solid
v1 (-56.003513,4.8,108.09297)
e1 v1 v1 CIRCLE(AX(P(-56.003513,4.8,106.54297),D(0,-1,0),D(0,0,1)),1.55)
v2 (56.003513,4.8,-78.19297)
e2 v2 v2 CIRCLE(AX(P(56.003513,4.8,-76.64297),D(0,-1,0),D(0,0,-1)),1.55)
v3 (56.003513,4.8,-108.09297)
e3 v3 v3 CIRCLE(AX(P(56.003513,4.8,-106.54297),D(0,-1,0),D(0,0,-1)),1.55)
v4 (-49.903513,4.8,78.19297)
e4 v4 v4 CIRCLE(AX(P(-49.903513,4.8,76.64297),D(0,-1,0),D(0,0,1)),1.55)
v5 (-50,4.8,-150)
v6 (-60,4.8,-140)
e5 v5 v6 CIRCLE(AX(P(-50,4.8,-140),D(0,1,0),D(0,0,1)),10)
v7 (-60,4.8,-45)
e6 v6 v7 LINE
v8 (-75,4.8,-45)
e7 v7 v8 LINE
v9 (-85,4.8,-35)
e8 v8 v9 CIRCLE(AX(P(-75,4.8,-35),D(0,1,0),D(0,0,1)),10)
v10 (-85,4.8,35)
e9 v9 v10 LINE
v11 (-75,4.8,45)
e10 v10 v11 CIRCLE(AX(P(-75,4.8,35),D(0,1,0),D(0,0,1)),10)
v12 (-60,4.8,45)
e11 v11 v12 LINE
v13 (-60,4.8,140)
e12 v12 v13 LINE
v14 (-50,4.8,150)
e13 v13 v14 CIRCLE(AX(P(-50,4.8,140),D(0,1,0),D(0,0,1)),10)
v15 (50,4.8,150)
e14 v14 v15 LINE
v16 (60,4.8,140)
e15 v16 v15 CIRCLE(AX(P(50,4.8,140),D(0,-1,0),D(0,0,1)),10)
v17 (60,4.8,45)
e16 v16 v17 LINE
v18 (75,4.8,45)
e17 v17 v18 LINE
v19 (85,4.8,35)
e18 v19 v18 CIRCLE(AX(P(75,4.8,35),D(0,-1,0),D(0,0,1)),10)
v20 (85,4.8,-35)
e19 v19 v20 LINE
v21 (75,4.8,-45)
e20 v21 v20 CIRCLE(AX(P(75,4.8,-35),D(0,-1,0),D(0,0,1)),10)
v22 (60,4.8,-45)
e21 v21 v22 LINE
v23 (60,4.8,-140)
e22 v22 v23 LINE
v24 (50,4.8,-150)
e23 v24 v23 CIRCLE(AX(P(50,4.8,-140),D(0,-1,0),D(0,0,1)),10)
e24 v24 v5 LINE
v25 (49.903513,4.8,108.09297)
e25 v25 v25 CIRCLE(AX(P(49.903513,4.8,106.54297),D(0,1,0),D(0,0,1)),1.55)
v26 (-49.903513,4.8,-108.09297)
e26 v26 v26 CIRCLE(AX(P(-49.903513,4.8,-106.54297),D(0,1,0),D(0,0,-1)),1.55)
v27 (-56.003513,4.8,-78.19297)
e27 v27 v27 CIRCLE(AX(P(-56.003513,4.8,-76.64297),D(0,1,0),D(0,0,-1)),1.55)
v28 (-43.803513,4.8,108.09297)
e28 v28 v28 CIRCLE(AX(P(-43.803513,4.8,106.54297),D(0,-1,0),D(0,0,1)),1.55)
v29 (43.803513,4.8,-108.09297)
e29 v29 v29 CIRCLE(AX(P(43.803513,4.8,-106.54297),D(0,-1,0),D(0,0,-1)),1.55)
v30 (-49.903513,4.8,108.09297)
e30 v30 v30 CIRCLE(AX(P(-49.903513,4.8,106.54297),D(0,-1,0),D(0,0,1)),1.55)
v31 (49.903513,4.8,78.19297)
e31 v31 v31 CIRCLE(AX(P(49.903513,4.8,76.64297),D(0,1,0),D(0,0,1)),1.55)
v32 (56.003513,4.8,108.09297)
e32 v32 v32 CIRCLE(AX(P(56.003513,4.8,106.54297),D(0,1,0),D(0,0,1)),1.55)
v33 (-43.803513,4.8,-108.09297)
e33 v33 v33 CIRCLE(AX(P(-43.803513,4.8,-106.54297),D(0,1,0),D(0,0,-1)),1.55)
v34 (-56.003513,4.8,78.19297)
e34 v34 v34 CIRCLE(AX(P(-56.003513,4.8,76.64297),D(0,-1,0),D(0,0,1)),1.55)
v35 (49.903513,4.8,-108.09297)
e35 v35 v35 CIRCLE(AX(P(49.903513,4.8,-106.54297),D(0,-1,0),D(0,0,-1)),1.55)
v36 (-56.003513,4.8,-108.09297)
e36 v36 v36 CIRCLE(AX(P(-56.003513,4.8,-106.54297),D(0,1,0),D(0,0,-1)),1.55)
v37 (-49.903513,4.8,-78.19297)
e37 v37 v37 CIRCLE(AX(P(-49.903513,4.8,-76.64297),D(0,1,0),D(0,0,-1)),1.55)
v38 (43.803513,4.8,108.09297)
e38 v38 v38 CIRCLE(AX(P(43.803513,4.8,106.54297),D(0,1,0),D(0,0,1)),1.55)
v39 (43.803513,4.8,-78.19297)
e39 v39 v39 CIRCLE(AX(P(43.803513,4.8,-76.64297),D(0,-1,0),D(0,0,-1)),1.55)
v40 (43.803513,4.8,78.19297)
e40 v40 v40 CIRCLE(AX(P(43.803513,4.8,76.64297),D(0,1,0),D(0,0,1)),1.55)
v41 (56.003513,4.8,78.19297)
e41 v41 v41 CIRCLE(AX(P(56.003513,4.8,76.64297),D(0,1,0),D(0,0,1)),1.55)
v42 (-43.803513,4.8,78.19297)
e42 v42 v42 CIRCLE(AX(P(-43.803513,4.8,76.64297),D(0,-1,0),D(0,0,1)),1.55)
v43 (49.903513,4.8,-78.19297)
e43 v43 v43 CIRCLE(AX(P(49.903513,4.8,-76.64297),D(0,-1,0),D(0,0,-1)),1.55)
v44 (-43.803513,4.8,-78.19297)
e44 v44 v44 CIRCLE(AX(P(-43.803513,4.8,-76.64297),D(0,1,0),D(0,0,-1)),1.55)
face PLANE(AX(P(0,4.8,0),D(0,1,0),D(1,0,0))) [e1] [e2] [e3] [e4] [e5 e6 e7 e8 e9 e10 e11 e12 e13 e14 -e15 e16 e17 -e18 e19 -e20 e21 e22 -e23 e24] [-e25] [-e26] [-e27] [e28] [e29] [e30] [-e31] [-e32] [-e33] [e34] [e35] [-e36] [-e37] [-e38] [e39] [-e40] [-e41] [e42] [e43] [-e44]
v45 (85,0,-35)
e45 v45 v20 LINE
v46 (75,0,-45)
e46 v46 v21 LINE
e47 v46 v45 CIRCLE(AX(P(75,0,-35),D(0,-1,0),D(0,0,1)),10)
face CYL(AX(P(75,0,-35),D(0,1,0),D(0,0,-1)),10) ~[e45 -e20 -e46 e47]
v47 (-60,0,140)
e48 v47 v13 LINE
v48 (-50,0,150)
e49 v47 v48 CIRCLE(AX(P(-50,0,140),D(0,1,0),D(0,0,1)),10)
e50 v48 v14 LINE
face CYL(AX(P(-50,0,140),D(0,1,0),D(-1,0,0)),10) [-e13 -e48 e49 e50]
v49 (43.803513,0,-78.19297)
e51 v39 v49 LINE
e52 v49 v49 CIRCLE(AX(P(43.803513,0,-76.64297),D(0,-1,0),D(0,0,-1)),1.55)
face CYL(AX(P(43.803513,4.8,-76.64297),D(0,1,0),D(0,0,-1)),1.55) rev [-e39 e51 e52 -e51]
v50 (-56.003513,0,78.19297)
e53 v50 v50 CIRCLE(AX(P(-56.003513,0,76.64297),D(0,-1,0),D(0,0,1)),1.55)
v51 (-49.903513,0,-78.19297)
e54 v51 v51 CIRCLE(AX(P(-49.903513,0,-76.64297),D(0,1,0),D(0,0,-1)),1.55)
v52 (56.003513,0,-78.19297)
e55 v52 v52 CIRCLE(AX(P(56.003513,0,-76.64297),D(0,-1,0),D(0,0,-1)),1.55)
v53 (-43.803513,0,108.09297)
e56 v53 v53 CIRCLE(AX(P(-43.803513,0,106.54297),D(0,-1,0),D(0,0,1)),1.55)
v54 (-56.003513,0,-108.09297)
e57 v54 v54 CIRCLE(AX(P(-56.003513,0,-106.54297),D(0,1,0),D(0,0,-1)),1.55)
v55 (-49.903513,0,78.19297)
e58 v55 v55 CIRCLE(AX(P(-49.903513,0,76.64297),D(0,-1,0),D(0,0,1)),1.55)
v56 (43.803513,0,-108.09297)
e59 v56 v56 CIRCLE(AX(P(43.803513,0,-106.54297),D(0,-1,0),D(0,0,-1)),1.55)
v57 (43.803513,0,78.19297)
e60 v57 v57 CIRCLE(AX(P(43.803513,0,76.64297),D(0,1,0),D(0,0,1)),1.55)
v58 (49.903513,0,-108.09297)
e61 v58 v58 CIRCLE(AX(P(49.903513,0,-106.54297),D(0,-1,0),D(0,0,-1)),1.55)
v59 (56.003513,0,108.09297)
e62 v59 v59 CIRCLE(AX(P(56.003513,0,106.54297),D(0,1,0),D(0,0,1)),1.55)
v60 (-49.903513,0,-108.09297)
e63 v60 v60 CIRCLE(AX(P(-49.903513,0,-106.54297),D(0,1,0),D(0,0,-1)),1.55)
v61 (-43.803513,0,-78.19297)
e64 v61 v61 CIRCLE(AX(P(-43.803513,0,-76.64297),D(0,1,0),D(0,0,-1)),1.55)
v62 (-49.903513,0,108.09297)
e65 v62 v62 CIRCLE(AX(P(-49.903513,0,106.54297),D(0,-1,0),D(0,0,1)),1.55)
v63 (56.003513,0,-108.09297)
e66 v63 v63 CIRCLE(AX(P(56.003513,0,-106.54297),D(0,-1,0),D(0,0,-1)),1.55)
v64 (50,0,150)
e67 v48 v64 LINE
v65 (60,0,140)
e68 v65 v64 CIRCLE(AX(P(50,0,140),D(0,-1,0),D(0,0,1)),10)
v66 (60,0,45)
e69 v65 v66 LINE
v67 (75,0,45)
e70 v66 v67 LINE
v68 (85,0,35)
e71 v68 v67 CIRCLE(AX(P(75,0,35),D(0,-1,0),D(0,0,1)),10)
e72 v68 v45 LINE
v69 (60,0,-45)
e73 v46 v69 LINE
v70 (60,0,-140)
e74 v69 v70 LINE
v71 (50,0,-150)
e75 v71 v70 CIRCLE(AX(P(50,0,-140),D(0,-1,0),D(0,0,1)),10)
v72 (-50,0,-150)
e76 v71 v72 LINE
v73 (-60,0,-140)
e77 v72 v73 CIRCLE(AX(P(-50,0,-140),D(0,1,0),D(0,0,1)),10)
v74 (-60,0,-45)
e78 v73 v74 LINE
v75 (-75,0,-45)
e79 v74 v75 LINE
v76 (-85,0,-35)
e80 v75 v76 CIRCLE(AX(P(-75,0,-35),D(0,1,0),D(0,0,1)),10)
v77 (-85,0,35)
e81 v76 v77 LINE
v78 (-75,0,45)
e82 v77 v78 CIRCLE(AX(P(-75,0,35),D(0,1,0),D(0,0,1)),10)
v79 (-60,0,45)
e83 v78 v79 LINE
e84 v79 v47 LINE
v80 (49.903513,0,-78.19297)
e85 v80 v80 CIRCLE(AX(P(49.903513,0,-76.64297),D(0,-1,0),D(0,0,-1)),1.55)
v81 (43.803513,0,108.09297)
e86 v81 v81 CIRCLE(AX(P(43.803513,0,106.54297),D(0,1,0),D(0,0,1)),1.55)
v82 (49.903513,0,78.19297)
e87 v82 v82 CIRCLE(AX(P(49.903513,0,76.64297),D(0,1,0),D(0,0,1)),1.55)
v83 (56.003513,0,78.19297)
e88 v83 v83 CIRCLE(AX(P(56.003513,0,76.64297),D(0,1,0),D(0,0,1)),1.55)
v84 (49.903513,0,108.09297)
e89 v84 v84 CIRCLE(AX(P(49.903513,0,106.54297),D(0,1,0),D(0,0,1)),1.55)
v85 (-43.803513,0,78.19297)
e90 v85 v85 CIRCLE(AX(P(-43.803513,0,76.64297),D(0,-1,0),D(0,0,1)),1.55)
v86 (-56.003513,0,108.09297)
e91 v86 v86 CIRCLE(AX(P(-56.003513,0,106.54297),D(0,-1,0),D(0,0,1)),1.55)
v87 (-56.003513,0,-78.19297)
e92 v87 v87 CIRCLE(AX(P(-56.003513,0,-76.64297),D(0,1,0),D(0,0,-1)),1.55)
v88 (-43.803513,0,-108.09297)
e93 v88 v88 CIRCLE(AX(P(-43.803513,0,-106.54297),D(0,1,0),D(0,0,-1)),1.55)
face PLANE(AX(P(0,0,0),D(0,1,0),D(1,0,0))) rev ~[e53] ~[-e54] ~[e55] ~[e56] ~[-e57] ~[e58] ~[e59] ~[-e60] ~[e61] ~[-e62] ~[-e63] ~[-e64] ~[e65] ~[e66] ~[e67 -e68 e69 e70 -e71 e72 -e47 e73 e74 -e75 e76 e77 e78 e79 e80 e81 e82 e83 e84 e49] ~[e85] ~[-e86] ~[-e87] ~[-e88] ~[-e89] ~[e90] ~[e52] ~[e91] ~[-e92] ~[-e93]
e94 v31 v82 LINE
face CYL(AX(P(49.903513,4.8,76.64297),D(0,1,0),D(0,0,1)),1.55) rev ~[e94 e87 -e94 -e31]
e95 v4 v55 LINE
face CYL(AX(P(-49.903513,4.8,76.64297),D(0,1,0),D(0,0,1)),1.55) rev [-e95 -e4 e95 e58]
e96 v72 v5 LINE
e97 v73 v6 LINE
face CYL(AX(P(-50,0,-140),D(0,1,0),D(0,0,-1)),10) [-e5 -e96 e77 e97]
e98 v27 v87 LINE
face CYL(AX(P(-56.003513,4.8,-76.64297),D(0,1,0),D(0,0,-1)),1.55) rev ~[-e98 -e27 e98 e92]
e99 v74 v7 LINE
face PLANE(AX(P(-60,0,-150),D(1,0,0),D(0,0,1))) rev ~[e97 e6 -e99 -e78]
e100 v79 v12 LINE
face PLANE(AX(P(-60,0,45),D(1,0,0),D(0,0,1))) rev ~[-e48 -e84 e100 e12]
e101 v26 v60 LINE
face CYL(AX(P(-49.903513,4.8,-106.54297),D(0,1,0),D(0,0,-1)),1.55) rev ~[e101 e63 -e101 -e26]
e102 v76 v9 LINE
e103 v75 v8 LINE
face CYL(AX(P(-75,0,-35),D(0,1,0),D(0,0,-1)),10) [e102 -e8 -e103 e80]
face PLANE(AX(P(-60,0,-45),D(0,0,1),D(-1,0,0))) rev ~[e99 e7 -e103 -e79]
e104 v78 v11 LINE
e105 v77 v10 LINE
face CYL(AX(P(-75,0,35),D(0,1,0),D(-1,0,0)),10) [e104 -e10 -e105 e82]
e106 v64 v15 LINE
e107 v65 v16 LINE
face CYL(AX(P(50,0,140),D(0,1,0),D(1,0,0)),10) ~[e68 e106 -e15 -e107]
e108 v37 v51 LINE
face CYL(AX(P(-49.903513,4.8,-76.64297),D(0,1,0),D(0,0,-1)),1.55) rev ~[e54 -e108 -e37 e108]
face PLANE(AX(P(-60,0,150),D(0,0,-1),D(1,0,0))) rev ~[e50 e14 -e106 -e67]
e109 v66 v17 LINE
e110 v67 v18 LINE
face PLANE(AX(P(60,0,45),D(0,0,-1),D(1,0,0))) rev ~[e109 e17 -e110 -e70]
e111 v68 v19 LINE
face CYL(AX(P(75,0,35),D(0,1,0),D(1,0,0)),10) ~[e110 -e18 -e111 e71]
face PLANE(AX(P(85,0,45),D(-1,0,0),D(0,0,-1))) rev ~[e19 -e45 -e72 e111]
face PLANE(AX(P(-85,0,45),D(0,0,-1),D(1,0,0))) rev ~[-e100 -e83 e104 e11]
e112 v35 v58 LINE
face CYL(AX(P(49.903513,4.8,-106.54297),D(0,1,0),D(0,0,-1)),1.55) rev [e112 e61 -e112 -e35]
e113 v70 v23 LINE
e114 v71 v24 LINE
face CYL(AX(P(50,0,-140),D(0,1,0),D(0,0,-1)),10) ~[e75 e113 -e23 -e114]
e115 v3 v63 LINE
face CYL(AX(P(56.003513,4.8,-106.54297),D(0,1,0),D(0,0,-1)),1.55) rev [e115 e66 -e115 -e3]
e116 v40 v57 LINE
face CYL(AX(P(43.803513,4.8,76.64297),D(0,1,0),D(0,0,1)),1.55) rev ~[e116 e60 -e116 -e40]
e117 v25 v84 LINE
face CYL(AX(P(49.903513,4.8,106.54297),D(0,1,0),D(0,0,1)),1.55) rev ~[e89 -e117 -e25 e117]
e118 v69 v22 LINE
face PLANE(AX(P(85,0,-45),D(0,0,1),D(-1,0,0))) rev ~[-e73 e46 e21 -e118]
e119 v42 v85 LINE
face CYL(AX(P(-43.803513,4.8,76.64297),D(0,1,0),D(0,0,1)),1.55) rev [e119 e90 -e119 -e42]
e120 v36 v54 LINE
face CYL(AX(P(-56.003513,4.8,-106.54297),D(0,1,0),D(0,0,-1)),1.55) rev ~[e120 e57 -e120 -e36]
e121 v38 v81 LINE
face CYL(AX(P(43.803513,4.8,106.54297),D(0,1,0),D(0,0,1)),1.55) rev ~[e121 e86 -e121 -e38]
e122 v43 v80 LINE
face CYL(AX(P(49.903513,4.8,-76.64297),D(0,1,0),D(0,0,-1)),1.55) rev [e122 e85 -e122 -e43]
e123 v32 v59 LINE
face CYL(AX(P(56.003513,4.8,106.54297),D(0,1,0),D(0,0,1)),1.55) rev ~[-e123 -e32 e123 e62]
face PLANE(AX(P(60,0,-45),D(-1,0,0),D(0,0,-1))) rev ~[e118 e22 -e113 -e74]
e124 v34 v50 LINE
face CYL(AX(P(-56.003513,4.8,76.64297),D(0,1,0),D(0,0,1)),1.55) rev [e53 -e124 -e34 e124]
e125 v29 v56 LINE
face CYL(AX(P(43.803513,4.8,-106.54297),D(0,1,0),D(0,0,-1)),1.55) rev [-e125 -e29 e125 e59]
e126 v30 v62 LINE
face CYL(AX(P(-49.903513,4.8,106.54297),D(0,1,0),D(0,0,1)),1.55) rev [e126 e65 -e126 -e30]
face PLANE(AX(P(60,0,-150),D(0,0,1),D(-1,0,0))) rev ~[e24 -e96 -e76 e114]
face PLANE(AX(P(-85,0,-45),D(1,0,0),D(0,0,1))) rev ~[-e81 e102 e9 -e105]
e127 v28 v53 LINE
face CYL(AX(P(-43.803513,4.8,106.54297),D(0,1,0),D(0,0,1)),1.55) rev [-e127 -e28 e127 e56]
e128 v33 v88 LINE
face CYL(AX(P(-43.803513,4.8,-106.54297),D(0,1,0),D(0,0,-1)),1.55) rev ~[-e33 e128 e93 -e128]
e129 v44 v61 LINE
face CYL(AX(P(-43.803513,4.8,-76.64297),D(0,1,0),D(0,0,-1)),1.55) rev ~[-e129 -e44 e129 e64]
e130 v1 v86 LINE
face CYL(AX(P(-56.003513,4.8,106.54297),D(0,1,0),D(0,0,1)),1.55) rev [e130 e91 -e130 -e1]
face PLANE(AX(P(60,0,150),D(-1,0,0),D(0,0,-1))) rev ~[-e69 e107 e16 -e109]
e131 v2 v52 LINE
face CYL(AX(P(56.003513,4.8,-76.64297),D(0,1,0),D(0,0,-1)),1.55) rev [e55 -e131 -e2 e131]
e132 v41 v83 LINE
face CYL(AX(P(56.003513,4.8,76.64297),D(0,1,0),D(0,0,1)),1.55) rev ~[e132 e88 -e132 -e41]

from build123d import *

# Parameters (mm, degrees)
BOSS_EXTRUDE1_DEPTH     = 4.8
SKETCH2_R               = 1.55
CUT_EXTRUDE1_DEPTH      = 4.8
MIRROR2_COPY_1_SKETCH_R = 1.55
MIRROR2_COPY_1_DEPTH    = 4.8
FILLET1_R               = 10


with BuildPart() as part:
    # Sketch1 → Boss-Extrude1 (new body)
    with BuildSketch(Plane(origin=(0, 0, 0), x_dir=(1, 0, 0), z_dir=(0, 1, 0))):
        Polygon((60, 150), (-60, 150), (-60, 45), (-85, 45), (-85, -45), (-60, -45), (-60, -150), (60, -150), (60, -45), (85, -45), (85, 45), (60, 45), align=None)
    extrude(amount=BOSS_EXTRUDE1_DEPTH)

    # Sketch2 → Cut-Extrude1 (cut)
    with BuildSketch(Plane(origin=(0, 4.8, 0), x_dir=(1, 0, 0), z_dir=(0, 1, 0))):
        with Locations(Location((56.003512962, -76.642970185, 0), (0, 0, 270))):
            Circle(SKETCH2_R)
        with Locations(Location((49.903512962, -76.642970185, 0), (0, 0, 270))):
            Circle(SKETCH2_R)
        with Locations(Location((56.003512962, -106.542970185, 0), (0, 0, 270))):
            Circle(SKETCH2_R)
        with Locations(Location((49.903512962, -106.542970185, 0), (0, 0, 270))):
            Circle(SKETCH2_R)
        with Locations(Location((43.803512962, -76.642970185, 0), (0, 0, 270))):
            Circle(SKETCH2_R)
        with Locations(Location((43.803512962, -106.542970185, 0), (0, 0, 270))):
            Circle(SKETCH2_R)
    cut_extrude1 = extrude(amount=-CUT_EXTRUDE1_DEPTH, mode=Mode.SUBTRACT)

    # Mirror1: Cut-Extrude1 across plane
    add(cut_extrude1.mirror(Plane(origin=(0, 0, 0), x_dir=(0, 0, 1), z_dir=(1, 0, 0))), mode=Mode.SUBTRACT)

    # Mirror2: Cut-Extrude1 across plane
    add(cut_extrude1.mirror(Plane.XY), mode=Mode.SUBTRACT)

    # Mirror2 copy 1 sketch → Mirror2 copy 1 (cut)
    with BuildSketch(Plane(origin=(0, 4.8, 0), x_dir=(-1, 0, 0), z_dir=(0, 1, 0))):
        with Locations(Location((56.003512962, -76.642970185, 0), (0, 0, 270))):
            Circle(MIRROR2_COPY_1_SKETCH_R)
        with Locations(Location((49.903512962, -76.642970185, 0), (0, 0, 270))):
            Circle(MIRROR2_COPY_1_SKETCH_R)
        with Locations(Location((56.003512962, -106.542970185, 0), (0, 0, 270))):
            Circle(MIRROR2_COPY_1_SKETCH_R)
        with Locations(Location((49.903512962, -106.542970185, 0), (0, 0, 270))):
            Circle(MIRROR2_COPY_1_SKETCH_R)
        with Locations(Location((43.803512962, -76.642970185, 0), (0, 0, 270))):
            Circle(MIRROR2_COPY_1_SKETCH_R)
        with Locations(Location((43.803512962, -106.542970185, 0), (0, 0, 270))):
            Circle(MIRROR2_COPY_1_SKETCH_R)
    extrude(amount=-MIRROR2_COPY_1_DEPTH, mode=Mode.SUBTRACT)

    # Fillet1
    fillet1_edges = [part.edges().sort_by_distance(p)[0] for p in [
        (85, 2.4, -45),
        (85, 2.4, 45),
        (60, 2.4, 150),
        (-60, 2.4, 150),
        (-85, 2.4, 45),
        (-85, 2.4, -45),
        (-60, 2.4, -150),
        (60, 2.4, -150),
    ]]
    fillet(fillet1_edges, radius=FILLET1_R)


solid = part.part
